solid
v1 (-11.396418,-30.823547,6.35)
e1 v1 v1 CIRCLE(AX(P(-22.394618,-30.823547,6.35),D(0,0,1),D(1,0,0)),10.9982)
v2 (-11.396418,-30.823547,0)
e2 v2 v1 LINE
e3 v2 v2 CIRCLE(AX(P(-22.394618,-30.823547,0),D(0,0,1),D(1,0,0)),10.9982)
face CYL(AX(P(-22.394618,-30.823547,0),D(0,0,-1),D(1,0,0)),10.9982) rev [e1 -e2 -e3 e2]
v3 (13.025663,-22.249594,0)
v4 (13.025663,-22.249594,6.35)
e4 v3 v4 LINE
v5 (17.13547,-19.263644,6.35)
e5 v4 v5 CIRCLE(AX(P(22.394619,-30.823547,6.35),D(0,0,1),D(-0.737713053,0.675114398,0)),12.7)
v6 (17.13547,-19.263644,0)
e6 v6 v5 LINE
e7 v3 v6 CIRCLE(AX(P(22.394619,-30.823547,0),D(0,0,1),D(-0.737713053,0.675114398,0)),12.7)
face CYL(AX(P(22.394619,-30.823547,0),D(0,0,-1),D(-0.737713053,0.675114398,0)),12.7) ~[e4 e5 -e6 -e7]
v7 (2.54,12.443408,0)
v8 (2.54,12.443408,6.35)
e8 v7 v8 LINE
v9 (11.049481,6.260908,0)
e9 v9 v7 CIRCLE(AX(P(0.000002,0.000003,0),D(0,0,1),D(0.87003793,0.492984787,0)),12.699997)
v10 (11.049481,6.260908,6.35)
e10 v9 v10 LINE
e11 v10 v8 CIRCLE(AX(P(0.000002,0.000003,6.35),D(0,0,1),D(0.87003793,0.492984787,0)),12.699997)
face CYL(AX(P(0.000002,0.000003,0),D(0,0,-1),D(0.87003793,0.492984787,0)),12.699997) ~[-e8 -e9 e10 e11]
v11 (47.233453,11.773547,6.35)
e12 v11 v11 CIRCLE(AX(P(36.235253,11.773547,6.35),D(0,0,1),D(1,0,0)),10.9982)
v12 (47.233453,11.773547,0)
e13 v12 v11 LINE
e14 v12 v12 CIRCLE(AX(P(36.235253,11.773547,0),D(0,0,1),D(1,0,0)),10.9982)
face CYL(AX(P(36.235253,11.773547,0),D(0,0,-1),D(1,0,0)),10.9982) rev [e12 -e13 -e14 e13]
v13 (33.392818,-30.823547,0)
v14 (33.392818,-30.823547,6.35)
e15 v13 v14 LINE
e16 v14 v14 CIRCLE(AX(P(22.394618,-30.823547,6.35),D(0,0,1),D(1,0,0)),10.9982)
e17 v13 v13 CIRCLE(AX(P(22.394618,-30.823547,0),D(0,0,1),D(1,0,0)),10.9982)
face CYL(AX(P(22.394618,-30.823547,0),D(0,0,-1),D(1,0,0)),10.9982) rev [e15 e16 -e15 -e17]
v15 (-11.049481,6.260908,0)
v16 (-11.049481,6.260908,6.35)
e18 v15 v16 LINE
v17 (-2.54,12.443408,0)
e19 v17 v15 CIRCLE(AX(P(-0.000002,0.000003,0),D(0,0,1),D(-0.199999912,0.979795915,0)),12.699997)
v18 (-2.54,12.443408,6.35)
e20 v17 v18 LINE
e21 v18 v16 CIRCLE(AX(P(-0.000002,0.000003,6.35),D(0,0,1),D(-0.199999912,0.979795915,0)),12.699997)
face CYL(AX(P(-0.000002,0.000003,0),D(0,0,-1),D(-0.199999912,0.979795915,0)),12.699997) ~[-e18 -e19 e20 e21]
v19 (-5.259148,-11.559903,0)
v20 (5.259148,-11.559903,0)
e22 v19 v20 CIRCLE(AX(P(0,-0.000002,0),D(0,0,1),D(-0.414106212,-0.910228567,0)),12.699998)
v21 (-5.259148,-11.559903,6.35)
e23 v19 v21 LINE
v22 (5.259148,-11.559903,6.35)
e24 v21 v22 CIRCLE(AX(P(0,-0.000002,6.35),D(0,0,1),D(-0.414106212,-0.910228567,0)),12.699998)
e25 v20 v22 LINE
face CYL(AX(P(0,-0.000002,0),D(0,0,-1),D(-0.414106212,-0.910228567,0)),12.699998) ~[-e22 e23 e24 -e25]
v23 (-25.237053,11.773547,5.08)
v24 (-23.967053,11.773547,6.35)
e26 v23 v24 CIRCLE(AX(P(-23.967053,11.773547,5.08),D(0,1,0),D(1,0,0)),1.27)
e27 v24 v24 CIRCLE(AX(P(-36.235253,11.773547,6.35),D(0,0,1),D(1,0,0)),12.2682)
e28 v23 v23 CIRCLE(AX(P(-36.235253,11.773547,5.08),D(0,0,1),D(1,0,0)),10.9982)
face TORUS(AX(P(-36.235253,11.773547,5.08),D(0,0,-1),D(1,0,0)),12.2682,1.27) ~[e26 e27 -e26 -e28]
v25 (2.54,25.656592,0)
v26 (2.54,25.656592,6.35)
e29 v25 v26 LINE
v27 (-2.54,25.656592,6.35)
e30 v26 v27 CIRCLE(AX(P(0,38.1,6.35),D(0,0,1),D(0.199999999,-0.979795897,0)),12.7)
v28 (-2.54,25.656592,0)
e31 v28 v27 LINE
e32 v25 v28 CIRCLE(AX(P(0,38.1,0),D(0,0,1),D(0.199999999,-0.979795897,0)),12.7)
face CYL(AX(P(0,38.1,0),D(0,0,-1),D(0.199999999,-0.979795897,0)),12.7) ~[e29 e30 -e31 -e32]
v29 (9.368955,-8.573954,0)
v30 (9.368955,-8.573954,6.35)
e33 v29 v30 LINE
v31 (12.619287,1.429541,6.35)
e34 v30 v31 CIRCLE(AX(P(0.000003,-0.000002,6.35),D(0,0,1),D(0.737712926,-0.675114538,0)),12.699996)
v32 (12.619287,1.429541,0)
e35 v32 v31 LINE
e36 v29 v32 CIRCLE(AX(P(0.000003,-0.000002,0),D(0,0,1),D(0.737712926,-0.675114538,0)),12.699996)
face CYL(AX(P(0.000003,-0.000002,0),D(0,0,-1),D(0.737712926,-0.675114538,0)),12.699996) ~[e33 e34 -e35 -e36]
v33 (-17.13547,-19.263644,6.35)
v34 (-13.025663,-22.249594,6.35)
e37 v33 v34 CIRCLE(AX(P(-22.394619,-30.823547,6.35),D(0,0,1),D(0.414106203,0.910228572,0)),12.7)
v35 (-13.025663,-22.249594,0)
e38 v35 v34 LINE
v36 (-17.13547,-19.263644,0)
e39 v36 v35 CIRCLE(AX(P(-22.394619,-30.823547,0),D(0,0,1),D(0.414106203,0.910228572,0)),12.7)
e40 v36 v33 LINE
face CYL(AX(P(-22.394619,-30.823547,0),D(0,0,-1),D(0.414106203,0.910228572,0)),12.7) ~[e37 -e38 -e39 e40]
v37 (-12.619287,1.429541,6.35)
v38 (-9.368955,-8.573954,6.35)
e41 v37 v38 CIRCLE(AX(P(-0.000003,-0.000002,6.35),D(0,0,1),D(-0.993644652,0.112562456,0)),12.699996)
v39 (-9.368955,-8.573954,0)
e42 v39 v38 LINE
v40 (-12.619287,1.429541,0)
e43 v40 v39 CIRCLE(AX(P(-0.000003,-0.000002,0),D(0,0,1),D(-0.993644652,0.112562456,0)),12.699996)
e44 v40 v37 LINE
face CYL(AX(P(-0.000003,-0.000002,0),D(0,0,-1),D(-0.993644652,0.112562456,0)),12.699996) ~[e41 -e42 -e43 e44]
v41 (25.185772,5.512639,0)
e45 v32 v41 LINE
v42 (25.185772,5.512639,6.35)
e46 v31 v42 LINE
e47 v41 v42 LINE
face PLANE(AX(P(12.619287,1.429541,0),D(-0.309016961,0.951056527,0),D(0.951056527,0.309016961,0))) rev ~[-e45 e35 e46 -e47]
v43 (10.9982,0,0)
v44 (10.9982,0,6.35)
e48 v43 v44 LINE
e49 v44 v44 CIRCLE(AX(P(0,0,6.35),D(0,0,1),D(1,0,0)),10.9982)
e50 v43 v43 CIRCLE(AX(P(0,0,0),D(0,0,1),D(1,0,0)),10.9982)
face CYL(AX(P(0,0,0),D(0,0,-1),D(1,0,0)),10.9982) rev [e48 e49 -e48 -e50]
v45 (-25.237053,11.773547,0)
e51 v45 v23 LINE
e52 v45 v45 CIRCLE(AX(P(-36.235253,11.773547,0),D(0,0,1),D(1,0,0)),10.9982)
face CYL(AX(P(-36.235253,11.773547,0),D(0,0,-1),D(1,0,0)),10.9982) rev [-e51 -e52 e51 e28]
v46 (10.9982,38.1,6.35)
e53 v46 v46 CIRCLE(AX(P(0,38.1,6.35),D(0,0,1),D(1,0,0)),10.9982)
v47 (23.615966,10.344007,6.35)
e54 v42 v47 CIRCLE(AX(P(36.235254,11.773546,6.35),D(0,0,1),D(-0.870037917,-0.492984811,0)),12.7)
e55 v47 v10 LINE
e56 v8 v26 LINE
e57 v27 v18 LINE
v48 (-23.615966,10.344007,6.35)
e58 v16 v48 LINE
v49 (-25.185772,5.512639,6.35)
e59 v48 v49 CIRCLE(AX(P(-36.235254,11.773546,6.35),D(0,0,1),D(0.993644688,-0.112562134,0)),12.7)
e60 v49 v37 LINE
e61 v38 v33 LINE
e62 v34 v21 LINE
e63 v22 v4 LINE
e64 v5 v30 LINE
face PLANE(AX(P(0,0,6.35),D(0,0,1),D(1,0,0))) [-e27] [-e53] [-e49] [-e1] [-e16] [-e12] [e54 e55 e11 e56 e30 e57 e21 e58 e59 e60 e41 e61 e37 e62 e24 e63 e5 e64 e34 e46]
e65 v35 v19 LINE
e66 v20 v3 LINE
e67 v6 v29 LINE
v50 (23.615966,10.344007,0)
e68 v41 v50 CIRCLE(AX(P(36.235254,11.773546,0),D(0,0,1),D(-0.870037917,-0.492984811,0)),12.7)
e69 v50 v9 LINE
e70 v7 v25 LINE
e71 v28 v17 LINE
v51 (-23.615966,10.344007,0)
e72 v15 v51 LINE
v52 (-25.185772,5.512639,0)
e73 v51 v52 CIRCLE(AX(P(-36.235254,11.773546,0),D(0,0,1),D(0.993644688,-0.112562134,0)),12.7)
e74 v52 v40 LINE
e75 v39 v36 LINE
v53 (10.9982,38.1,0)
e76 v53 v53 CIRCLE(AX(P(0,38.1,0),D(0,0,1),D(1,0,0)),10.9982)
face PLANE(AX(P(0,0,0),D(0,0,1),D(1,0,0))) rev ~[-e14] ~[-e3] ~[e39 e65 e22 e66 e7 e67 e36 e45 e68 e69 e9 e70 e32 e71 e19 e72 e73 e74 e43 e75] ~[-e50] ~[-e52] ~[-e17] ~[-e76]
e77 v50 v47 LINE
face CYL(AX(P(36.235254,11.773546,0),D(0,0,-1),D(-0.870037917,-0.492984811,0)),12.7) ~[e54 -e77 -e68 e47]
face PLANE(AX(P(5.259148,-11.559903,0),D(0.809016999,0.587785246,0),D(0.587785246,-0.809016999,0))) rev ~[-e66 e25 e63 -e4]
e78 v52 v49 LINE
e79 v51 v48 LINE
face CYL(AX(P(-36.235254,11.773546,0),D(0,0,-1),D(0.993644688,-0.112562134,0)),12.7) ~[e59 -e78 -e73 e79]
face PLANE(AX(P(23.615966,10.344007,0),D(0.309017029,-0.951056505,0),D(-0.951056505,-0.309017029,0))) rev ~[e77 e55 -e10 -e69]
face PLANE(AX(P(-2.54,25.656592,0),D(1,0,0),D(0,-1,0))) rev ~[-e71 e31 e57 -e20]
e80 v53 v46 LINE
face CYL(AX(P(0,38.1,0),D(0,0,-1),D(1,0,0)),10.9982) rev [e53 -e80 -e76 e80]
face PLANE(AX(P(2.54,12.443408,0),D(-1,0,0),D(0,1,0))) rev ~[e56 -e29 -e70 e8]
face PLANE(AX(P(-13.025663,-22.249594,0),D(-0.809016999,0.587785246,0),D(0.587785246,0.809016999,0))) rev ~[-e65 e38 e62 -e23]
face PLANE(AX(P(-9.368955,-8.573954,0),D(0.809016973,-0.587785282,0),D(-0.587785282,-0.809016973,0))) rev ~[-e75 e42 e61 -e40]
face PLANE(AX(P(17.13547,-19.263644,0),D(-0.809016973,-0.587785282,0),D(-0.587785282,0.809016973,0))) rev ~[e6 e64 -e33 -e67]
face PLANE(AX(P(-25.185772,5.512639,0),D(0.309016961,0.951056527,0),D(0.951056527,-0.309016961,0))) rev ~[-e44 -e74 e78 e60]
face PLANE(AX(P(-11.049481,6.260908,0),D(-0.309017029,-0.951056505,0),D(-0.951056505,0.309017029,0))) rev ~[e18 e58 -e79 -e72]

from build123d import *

# Parameters (mm, degrees)
F0_R     = 10.9982
F1_DEPTH = 6.35
F2_R     = 1.27


with BuildPart() as f1:
    # F0 (on Top) → F1 (new body)
    with BuildSketch(Plane.XY):
        with BuildLine():
            Line((-2.54, 25.656592), (-2.54, 12.443408))
            ThreePointArc((-2.54, 12.443408), (-7.464873, 10.274516), (-11.049481, 6.260908))
            Line((-11.049481, 6.260908), (-23.615966, 10.344007))
            ThreePointArc((-23.615966, 10.344007), (-48.313671, 15.698063), (-25.185772, 5.512639))
            Line((-25.185772, 5.512639), (-12.619287, 1.429541))
            ThreePointArc((-12.619287, 1.429541), (-12.078418, -3.924516), (-9.368955, -8.573954))
            Line((-9.368955, -8.573954), (-17.13547, -19.263644))
            ThreePointArc((-17.13547, -19.263644), (-29.859491, -41.098063), (-13.025663, -22.249594))
            Line((-13.025663, -22.249594), (-5.259148, -11.559903))
            ThreePointArc((-5.259148, -11.559903), (0, -12.7), (5.259148, -11.559903))
            Line((5.259148, -11.559903), (13.025663, -22.249594))
            ThreePointArc((13.025663, -22.249594), (29.859491, -41.098063), (17.13547, -19.263644))
            Line((17.13547, -19.263644), (9.368955, -8.573954))
            ThreePointArc((9.368955, -8.573954), (12.078418, -3.924516), (12.619287, 1.429541))
            Line((12.619287, 1.429541), (25.185772, 5.512639))
            ThreePointArc((25.185772, 5.512639), (48.313671, 15.698063), (23.615966, 10.344007))
            Line((23.615966, 10.344007), (11.049481, 6.260908))
            ThreePointArc((11.049481, 6.260908), (7.464873, 10.274516), (2.54, 12.443408))
            Line((2.54, 12.443408), (2.54, 25.656592))
            ThreePointArc((2.54, 25.656592), (0, 50.8), (-2.54, 25.656592))
        make_face()
        with Locations((-22.394618, -30.823547)):
            Circle(F0_R, mode=Mode.SUBTRACT)
        Circle(F0_R, mode=Mode.SUBTRACT)
        with Locations((22.394618, -30.823547)):
            Circle(F0_R, mode=Mode.SUBTRACT)
        with Locations((-36.235253, 11.773547)):
            Circle(F0_R, mode=Mode.SUBTRACT)
        with Locations((0, 38.1)):
            Circle(F0_R, mode=Mode.SUBTRACT)
        with Locations((36.235253, 11.773547)):
            Circle(F0_R, mode=Mode.SUBTRACT)
    extrude(amount=F1_DEPTH)

    # F2
    f2_edges = [f1.edges().sort_by_distance(p)[0] for p in [
        (-47.233453, 11.773547, 6.35),
    ]]
    fillet(f2_edges, radius=F2_R)


solid = f1.part
